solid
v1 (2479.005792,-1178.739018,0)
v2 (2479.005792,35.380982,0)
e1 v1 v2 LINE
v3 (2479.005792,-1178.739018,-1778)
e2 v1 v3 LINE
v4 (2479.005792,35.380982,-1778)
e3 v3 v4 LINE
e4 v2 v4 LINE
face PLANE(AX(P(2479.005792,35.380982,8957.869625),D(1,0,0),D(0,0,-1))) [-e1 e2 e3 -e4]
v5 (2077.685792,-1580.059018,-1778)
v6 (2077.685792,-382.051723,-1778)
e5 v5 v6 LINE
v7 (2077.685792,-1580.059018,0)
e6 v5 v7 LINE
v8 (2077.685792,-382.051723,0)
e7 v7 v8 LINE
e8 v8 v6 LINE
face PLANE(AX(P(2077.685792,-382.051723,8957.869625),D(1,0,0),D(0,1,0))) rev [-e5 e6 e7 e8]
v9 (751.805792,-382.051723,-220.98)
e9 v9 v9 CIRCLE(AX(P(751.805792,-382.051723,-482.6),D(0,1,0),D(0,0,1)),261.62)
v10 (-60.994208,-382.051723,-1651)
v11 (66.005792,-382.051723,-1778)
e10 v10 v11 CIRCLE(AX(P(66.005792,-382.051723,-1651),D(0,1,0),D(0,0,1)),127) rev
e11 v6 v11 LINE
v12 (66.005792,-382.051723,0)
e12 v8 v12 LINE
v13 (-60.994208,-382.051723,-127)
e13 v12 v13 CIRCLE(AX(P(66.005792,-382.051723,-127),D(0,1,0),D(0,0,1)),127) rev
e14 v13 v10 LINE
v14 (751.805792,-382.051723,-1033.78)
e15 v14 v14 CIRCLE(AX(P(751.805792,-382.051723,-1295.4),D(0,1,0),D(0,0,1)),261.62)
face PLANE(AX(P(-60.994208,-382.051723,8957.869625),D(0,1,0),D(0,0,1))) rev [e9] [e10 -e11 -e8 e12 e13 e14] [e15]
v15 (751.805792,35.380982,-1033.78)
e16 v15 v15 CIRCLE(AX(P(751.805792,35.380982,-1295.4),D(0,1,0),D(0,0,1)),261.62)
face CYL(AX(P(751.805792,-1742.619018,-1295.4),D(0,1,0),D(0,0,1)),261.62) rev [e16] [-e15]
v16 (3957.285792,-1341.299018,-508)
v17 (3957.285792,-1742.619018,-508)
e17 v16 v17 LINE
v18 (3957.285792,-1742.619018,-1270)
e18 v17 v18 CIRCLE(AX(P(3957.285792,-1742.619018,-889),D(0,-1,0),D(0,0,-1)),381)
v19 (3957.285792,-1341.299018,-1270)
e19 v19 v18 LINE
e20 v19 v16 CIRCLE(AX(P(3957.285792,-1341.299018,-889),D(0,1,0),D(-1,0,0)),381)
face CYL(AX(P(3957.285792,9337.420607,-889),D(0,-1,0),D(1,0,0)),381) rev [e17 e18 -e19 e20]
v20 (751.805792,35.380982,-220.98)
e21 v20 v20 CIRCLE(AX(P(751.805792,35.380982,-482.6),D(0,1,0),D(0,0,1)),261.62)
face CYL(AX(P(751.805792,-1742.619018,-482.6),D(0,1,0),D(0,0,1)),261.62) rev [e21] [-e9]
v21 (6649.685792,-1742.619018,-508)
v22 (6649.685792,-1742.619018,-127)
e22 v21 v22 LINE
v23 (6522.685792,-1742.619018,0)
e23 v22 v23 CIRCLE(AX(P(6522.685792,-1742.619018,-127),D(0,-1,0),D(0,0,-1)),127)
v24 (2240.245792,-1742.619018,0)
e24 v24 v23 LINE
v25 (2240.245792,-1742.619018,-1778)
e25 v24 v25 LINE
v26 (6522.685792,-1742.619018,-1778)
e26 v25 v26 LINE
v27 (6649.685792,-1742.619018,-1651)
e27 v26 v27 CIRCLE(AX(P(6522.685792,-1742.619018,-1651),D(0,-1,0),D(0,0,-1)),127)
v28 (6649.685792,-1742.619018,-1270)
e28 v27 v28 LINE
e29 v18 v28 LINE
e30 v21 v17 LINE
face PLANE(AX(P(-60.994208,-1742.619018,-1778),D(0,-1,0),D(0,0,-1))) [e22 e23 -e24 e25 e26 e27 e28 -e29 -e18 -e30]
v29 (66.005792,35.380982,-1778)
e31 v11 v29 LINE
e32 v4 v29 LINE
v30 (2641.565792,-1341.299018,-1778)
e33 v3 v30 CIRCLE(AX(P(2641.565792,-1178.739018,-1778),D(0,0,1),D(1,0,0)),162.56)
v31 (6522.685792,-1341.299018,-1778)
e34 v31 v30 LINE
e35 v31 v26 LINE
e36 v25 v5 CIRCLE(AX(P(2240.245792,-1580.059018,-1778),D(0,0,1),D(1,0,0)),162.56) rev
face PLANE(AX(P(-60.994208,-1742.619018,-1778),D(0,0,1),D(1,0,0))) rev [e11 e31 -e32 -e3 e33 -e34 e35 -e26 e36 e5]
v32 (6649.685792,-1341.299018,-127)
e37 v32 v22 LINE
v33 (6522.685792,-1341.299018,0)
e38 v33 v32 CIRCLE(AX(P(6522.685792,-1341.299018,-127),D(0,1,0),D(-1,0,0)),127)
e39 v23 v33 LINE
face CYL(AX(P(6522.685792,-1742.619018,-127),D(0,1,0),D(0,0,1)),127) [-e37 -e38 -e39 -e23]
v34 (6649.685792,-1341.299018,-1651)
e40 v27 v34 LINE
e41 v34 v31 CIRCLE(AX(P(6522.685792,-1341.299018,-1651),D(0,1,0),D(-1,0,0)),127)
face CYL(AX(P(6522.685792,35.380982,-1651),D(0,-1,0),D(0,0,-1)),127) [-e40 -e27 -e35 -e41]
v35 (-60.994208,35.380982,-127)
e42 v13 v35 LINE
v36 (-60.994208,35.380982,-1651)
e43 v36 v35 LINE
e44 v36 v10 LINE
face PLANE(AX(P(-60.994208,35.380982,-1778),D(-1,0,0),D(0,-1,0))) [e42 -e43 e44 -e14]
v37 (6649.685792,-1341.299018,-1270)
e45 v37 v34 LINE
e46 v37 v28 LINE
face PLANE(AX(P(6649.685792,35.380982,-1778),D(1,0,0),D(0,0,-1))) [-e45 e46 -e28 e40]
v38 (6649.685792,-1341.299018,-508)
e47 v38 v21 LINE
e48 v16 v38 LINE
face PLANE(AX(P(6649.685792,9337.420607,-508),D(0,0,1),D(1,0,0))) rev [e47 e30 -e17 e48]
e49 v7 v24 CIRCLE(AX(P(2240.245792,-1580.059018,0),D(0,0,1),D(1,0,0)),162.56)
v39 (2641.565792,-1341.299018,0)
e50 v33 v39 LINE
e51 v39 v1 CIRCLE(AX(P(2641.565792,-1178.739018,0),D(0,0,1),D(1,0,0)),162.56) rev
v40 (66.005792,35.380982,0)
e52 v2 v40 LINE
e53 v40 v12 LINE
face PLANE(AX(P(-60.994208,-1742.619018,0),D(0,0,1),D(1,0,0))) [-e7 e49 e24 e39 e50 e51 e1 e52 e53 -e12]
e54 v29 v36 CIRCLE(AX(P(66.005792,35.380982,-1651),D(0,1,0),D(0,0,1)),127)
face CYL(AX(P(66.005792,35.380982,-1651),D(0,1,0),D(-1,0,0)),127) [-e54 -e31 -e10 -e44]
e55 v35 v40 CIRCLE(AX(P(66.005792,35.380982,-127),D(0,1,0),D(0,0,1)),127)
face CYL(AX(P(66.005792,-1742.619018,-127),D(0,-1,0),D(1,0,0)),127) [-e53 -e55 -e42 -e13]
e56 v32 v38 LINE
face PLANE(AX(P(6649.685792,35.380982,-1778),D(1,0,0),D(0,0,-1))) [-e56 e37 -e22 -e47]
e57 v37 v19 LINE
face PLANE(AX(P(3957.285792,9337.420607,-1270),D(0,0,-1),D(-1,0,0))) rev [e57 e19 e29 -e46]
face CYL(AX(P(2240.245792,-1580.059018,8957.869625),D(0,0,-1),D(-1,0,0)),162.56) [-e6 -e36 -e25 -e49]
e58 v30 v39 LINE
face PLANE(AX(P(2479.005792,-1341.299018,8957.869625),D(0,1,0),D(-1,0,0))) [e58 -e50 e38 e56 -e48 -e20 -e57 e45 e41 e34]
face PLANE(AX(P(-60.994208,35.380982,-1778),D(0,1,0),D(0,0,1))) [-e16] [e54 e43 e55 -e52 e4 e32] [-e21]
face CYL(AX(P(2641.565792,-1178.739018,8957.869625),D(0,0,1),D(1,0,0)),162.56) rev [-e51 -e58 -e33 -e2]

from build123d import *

# Parameters (mm, degrees)
SKETCH1_W               = 6710.68
SKETCH1_H               = 1778
EXTRUDE1_DEPTH          = 1778
CUT_EXTRUDE3_DEPTH      = 1
CUT_EXTRUDE3_DEPTH_BACK = 1779
CUT_EXTRUDE4_DEPTH      = 1
CUT_EXTRUDE4_DEPTH_BACK = 1779
CUT_EXTRUDE5_DEPTH      = 1377.68
CUT_EXTRUDE5_DEPTH_BACK = 402.32
SKETCH9_R               = 261.62
CUT_EXTRUDE6_DEPTH      = 1779
FILLET2_R               = 162.56
FILLET3_R               = 162.56
FILLET4_R               = 127


with BuildPart() as part:
    # Sketch1 → Extrude1 (new body)
    with BuildSketch(Plane.XY):
        with Locations((3294.345792298, -853.619018308)):
            Rectangle(SKETCH1_W, SKETCH1_H)
    extrude(amount=-EXTRUDE1_DEPTH)

    # Sketch2 → Cut-Extrude3 (cut, two sides)
    with BuildSketch(Plane.XY) as cut_extrude3_sk:
        Polygon((-13765.426569294, -382.051723335), (-60.994207702, -382.051723335), (2077.685792298, -382.051723335), (2077.685792298, -1758.731723335), (2077.685792298, -15463.164084926), (-16820.007425204, -35315.696831932), (-32663.119786796, -20234.58447034), align=None)
    extrude(amount=CUT_EXTRUDE3_DEPTH, mode=Mode.SUBTRACT)
    extrude(cut_extrude3_sk.sketch, amount=-CUT_EXTRUDE3_DEPTH_BACK, mode=Mode.SUBTRACT)

    # Sketch6 → Cut-Extrude4 (cut, two sides)
    with BuildSketch(Plane.XY) as cut_extrude4_sk:
        Polygon((2479.005792298, 13746.253053907), (2479.005792298, 35.380981692), (2479.005792298, -1341.299018308), (6649.685792298, -1341.299018308), (20360.557864513, -1341.299018308), (38044.03863857, 19616.910820228), (20162.486566356, 34704.462892443), align=None)
    extrude(amount=CUT_EXTRUDE4_DEPTH, mode=Mode.SUBTRACT)
    extrude(cut_extrude4_sk.sketch, amount=-CUT_EXTRUDE4_DEPTH_BACK, mode=Mode.SUBTRACT)

    # Sketch8 → Cut-Extrude5 (cut, two sides)
    with BuildSketch(Plane(origin=(0, -1341.299018308, 0), x_dir=(-1, 0, 0), z_dir=(0, 1, 0))) as cut_extrude5_sk:
        with BuildLine():
            Line((-20319.279646055, -508), (-6649.685792298, -508))
            Line((-6649.685792298, -508), (-3957.285792298, -508))
            ThreePointArc((-3957.285792298, -508), (-3576.285792298, -889), (-3957.285792298, -1270))
            Line((-3957.285792298, -1270), (-6649.685792298, -1270))
            Line((-6649.685792298, -1270), (-20319.279646055, -1270))
            Line((-20319.279646055, -1270), (-47658.467353569, -1270))
            Line((-47658.467353569, -1270), (-47658.467353569, -508))
            Line((-47658.467353569, -508), (-20319.279646055, -508))
        make_face()
    extrude(amount=CUT_EXTRUDE5_DEPTH, mode=Mode.SUBTRACT)
    extrude(cut_extrude5_sk.sketch, amount=-CUT_EXTRUDE5_DEPTH_BACK, mode=Mode.SUBTRACT)

    # Sketch9 → Cut-Extrude6 (cut, through all)
    with BuildSketch(Plane(origin=(0, 35.380981692, 0), x_dir=(-1, 0, 0), z_dir=(0, 1, 0))):
        with Locations((-751.805792298, -1295.4)):
            Circle(SKETCH9_R)
        with Locations((-751.805792298, -482.6)):
            Circle(SKETCH9_R)
    extrude(amount=-CUT_EXTRUDE6_DEPTH, mode=Mode.SUBTRACT)

    # Fillet2
    fillet2_edges = [part.edges().sort_by_distance(p)[0] for p in [
        (2479.005792298, -1341.299018308, -889),
    ]]
    fillet(fillet2_edges, radius=FILLET2_R)

    # Fillet3
    fillet3_edges = [part.edges().sort_by_distance(p)[0] for p in [
        (2077.685792298, -1742.619018308, -889),
    ]]
    fillet(fillet3_edges, radius=FILLET3_R)

    # Fillet4
    fillet4_edges = [part.edges().sort_by_distance(p)[0] for p in [
        (6649.685792298, -1541.959018308, -1778),
        (-60.994207702, -173.335370821, -1778),
        (6649.685792298, -1541.959018308, 0),
        (-60.994207702, -173.335370821, 0),
    ]]
    fillet(fillet4_edges, radius=FILLET4_R)


solid = part.part
